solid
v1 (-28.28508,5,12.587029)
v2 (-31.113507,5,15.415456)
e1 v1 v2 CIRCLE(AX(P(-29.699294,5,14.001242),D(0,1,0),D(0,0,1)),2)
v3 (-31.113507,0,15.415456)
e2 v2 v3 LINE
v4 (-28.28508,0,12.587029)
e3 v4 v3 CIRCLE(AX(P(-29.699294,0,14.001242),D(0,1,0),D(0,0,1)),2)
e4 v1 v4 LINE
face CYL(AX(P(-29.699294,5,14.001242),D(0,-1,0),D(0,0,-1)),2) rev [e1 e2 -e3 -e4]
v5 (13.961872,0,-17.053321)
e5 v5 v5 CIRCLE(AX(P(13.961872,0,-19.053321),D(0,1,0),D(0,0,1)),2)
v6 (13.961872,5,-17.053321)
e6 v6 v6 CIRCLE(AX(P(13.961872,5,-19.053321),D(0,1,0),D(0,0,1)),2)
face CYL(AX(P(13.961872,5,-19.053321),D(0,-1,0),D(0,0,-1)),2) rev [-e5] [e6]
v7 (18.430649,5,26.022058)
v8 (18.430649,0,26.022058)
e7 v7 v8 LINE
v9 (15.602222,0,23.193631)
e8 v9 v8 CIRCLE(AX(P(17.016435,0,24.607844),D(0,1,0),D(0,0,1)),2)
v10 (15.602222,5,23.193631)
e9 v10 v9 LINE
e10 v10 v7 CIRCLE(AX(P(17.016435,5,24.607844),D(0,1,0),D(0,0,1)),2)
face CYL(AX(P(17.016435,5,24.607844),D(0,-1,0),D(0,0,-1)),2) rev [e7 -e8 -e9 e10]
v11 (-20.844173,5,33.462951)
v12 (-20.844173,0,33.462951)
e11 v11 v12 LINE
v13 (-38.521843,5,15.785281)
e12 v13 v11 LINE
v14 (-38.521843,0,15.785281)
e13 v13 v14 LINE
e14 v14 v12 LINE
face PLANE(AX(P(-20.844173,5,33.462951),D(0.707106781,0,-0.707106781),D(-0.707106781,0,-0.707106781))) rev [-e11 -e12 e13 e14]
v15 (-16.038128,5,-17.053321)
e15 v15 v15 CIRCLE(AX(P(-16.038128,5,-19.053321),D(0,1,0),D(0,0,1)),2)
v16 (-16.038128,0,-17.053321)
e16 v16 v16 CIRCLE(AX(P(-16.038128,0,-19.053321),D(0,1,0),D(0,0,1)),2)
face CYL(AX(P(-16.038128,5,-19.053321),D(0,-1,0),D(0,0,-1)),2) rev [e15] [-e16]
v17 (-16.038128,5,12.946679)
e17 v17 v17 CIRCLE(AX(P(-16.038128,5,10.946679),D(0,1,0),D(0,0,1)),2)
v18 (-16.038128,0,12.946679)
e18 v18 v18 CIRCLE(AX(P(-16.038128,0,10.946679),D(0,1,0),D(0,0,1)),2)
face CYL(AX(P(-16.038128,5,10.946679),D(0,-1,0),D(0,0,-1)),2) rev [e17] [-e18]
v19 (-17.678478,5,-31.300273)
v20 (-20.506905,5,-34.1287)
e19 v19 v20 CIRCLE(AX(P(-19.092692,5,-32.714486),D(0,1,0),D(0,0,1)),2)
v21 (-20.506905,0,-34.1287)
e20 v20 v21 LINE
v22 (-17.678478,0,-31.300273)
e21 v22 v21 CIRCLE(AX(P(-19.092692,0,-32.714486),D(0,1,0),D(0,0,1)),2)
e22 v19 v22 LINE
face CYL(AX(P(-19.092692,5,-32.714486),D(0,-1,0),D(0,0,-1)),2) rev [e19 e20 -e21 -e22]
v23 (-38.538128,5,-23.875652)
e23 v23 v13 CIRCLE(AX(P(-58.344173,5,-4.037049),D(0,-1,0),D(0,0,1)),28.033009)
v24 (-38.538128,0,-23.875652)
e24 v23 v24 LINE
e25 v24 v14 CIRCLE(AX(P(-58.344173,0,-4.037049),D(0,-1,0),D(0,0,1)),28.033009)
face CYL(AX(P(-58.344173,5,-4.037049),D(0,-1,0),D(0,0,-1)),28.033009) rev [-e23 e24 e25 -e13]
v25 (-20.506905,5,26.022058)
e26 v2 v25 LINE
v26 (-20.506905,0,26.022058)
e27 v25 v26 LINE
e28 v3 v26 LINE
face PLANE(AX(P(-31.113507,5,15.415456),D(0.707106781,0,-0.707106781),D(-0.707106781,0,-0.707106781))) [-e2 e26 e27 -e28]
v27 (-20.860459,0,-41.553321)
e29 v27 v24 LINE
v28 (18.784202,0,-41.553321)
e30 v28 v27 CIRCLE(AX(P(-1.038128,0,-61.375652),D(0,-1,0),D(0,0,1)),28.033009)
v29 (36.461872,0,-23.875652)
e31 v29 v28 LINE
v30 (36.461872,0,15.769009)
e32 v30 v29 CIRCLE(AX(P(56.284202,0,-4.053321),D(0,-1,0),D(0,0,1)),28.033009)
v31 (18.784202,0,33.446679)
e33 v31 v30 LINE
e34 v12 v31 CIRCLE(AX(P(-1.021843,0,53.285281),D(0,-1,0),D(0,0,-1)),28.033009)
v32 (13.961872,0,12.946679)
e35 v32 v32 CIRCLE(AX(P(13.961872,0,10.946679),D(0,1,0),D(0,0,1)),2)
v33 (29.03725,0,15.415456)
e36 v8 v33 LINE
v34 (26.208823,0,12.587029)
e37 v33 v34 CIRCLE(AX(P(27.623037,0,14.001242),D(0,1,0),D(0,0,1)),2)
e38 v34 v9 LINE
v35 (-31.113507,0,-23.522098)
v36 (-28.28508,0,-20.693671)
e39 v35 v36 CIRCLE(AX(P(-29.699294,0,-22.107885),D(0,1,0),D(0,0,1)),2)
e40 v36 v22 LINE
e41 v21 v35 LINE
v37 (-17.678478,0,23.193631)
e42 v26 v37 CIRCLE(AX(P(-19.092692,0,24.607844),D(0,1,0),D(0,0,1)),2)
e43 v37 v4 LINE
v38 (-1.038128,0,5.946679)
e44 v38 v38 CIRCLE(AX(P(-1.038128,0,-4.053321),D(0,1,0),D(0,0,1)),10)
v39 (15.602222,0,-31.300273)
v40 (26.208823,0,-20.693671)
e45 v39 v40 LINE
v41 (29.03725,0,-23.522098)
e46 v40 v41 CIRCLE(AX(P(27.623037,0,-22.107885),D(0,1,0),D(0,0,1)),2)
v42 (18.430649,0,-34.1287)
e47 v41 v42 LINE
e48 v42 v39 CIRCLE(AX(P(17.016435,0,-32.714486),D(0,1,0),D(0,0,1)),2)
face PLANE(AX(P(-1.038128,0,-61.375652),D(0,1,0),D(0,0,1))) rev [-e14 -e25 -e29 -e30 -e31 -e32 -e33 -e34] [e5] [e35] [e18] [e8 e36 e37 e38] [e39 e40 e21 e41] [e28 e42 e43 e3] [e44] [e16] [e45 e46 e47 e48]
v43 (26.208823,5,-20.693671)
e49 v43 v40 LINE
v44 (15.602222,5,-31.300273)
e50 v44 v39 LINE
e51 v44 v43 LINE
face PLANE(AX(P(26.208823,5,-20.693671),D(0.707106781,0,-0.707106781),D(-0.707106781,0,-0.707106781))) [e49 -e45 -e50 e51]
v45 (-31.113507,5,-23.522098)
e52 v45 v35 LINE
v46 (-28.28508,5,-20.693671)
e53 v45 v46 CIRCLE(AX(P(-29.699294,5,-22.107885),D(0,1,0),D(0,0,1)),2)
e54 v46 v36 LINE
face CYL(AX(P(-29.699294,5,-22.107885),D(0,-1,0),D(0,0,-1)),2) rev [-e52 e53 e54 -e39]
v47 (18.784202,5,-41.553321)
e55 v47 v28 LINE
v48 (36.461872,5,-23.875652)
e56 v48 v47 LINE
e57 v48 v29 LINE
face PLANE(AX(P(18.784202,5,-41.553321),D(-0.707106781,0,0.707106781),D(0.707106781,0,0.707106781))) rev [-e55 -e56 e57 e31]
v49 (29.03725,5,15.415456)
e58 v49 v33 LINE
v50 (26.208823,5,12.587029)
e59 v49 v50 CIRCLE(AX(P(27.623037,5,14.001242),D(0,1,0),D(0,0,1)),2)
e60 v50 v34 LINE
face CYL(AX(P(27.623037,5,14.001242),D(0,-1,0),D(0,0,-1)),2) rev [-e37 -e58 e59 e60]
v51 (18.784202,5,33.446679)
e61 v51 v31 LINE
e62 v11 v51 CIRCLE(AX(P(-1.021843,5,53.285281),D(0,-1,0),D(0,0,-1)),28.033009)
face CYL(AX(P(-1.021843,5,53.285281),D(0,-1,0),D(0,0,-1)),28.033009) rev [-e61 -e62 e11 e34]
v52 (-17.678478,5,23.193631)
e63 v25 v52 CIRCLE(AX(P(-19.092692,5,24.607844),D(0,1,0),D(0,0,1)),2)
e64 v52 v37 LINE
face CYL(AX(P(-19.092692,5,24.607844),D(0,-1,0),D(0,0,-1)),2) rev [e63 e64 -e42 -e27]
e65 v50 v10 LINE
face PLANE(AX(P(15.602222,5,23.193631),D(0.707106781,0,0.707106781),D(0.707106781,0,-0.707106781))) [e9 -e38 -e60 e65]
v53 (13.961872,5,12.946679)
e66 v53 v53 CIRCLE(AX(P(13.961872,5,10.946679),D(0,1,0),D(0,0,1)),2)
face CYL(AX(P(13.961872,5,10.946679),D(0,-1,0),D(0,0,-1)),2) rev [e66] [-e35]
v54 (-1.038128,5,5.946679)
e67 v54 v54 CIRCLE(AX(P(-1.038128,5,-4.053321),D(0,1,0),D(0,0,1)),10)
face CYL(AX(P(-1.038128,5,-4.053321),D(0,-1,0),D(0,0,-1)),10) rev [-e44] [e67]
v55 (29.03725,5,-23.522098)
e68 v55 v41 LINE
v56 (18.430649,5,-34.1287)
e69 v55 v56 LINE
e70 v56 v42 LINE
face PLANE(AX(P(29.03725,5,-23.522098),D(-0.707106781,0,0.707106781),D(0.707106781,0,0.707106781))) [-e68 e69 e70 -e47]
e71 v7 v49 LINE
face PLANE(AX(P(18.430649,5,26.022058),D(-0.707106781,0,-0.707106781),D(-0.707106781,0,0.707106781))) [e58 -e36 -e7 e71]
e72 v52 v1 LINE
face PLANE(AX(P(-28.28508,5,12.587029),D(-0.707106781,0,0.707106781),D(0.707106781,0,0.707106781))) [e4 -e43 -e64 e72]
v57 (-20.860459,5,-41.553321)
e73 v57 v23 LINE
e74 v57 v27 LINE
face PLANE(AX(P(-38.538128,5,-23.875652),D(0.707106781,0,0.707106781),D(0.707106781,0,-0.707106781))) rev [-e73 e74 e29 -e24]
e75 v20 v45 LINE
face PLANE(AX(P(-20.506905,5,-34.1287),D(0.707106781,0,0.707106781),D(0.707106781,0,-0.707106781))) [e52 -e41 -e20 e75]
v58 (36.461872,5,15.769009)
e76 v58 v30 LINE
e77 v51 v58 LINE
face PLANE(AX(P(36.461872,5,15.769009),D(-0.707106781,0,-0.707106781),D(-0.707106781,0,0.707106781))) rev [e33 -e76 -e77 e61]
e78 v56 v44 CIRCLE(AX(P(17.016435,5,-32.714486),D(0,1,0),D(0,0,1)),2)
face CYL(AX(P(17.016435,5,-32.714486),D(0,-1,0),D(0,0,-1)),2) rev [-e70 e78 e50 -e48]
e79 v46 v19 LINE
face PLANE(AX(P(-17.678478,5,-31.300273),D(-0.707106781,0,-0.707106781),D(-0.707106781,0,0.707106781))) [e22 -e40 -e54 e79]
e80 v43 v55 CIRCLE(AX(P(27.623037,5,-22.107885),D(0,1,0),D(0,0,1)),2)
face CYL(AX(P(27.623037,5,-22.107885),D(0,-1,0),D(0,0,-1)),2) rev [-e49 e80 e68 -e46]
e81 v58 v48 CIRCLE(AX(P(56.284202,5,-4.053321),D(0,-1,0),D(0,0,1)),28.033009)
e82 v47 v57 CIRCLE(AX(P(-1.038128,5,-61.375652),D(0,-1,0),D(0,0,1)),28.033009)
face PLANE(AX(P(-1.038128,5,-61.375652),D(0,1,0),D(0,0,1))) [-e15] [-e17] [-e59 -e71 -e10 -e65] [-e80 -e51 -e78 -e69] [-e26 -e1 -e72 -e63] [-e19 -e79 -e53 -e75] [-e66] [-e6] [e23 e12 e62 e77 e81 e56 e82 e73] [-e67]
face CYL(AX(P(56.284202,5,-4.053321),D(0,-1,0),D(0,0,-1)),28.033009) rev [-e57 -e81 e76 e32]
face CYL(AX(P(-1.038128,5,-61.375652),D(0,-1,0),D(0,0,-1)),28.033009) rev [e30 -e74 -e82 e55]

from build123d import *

# Parameters (mm, degrees)
SKETCH2_R           = 10
SKETCH2_R_2         = 2
BOSS_EXTRUDE1_DEPTH = 5


with BuildPart() as part:
    # Sketch2 → Boss-Extrude1 (new body)
    with BuildSketch(Plane(origin=(0, 0, 0), x_dir=(1, 0, 0), z_dir=(0, 1, 0))):
        with BuildLine():
            Line((18.784202094, 41.553321118), (36.461871623, 23.875651588))
            ThreePointArc((36.461871623, 23.875651588), (28.251193505, 4.053321118), (36.461871623, -15.769009352))
            Line((36.461871623, -15.769009352), (18.784202094, -33.446678882))
            ThreePointArc((18.784202094, -33.446678882), (-1.033353761, -25.252275183), (-20.844173422, -33.462950938))
            Line((-20.844173422, -33.462950938), (-38.521842951, -15.785281409))
            ThreePointArc((-38.521842951, -15.785281409), (-30.311167196, 4.048559871), (-38.538128377, 23.875651588))
            Line((-38.538128377, 23.875651588), (-20.860458847, 41.553321118))
            ThreePointArc((-20.860458847, 41.553321118), (-1.038128377, 33.342642999), (18.784202094, 41.553321118))
        make_face()
        with Locations(Location((-1.038128377, 4.053321118, 0), (0, 0, 270))):
            Circle(SKETCH2_R, mode=Mode.SUBTRACT)
        with Locations(Location((-16.038128377, 19.053321118, 0), (0, 0, 270))):
            Circle(SKETCH2_R_2, mode=Mode.SUBTRACT)
        with Locations(Location((13.961871623, 19.053321118, 0), (0, 0, 270))):
            Circle(SKETCH2_R_2, mode=Mode.SUBTRACT)
        with Locations(Location((13.961871623, -10.946678882, 0), (0, 0, 270))):
            Circle(SKETCH2_R_2, mode=Mode.SUBTRACT)
        with Locations(Location((-16.038128377, -10.946678882, 0), (0, 0, 270))):
            Circle(SKETCH2_R_2, mode=Mode.SUBTRACT)
        with BuildLine():
            Line((-17.678478332, 31.300272791), (-28.28508005, 20.693671073))
            ThreePointArc((-28.28508005, 20.693671073), (-31.113507174, 20.693671073), (-31.113507174, 23.522098198))
            Line((-31.113507174, 23.522098198), (-20.506905456, 34.128699916))
            ThreePointArc((-20.506905456, 34.128699916), (-17.678478332, 34.128699916), (-17.678478332, 31.300272791))
        make_face(mode=Mode.SUBTRACT)
        with BuildLine():
            Line((29.037250421, 23.522098198), (18.430648703, 34.128699916))
            ThreePointArc((18.430648703, 34.128699916), (15.602221578, 34.128699916), (15.602221578, 31.300272791))
            Line((15.602221578, 31.300272791), (26.208823296, 20.693671073))
            ThreePointArc((26.208823296, 20.693671073), (29.037250421, 20.693671073), (29.037250421, 23.522098198))
        make_face(mode=Mode.SUBTRACT)
        with BuildLine():
            Line((18.430648703, -26.022057679), (29.037250421, -15.415455962))
            ThreePointArc((29.037250421, -15.415455962), (29.037250421, -12.587028837), (26.208823296, -12.587028837))
            Line((26.208823296, -12.587028837), (15.602221578, -23.193630555))
            ThreePointArc((15.602221578, -23.193630555), (15.602221578, -26.022057679), (18.430648703, -26.022057679))
        make_face(mode=Mode.SUBTRACT)
        with BuildLine():
            Line((-31.113507174, -15.415455962), (-20.506905456, -26.022057679))
            ThreePointArc((-20.506905456, -26.022057679), (-17.678478332, -26.022057679), (-17.678478332, -23.193630555))
            Line((-17.678478332, -23.193630555), (-28.28508005, -12.587028837))
            ThreePointArc((-28.28508005, -12.587028837), (-31.113507174, -12.587028837), (-31.113507174, -15.415455962))
        make_face(mode=Mode.SUBTRACT)
    extrude(amount=BOSS_EXTRUDE1_DEPTH)


solid = part.part
